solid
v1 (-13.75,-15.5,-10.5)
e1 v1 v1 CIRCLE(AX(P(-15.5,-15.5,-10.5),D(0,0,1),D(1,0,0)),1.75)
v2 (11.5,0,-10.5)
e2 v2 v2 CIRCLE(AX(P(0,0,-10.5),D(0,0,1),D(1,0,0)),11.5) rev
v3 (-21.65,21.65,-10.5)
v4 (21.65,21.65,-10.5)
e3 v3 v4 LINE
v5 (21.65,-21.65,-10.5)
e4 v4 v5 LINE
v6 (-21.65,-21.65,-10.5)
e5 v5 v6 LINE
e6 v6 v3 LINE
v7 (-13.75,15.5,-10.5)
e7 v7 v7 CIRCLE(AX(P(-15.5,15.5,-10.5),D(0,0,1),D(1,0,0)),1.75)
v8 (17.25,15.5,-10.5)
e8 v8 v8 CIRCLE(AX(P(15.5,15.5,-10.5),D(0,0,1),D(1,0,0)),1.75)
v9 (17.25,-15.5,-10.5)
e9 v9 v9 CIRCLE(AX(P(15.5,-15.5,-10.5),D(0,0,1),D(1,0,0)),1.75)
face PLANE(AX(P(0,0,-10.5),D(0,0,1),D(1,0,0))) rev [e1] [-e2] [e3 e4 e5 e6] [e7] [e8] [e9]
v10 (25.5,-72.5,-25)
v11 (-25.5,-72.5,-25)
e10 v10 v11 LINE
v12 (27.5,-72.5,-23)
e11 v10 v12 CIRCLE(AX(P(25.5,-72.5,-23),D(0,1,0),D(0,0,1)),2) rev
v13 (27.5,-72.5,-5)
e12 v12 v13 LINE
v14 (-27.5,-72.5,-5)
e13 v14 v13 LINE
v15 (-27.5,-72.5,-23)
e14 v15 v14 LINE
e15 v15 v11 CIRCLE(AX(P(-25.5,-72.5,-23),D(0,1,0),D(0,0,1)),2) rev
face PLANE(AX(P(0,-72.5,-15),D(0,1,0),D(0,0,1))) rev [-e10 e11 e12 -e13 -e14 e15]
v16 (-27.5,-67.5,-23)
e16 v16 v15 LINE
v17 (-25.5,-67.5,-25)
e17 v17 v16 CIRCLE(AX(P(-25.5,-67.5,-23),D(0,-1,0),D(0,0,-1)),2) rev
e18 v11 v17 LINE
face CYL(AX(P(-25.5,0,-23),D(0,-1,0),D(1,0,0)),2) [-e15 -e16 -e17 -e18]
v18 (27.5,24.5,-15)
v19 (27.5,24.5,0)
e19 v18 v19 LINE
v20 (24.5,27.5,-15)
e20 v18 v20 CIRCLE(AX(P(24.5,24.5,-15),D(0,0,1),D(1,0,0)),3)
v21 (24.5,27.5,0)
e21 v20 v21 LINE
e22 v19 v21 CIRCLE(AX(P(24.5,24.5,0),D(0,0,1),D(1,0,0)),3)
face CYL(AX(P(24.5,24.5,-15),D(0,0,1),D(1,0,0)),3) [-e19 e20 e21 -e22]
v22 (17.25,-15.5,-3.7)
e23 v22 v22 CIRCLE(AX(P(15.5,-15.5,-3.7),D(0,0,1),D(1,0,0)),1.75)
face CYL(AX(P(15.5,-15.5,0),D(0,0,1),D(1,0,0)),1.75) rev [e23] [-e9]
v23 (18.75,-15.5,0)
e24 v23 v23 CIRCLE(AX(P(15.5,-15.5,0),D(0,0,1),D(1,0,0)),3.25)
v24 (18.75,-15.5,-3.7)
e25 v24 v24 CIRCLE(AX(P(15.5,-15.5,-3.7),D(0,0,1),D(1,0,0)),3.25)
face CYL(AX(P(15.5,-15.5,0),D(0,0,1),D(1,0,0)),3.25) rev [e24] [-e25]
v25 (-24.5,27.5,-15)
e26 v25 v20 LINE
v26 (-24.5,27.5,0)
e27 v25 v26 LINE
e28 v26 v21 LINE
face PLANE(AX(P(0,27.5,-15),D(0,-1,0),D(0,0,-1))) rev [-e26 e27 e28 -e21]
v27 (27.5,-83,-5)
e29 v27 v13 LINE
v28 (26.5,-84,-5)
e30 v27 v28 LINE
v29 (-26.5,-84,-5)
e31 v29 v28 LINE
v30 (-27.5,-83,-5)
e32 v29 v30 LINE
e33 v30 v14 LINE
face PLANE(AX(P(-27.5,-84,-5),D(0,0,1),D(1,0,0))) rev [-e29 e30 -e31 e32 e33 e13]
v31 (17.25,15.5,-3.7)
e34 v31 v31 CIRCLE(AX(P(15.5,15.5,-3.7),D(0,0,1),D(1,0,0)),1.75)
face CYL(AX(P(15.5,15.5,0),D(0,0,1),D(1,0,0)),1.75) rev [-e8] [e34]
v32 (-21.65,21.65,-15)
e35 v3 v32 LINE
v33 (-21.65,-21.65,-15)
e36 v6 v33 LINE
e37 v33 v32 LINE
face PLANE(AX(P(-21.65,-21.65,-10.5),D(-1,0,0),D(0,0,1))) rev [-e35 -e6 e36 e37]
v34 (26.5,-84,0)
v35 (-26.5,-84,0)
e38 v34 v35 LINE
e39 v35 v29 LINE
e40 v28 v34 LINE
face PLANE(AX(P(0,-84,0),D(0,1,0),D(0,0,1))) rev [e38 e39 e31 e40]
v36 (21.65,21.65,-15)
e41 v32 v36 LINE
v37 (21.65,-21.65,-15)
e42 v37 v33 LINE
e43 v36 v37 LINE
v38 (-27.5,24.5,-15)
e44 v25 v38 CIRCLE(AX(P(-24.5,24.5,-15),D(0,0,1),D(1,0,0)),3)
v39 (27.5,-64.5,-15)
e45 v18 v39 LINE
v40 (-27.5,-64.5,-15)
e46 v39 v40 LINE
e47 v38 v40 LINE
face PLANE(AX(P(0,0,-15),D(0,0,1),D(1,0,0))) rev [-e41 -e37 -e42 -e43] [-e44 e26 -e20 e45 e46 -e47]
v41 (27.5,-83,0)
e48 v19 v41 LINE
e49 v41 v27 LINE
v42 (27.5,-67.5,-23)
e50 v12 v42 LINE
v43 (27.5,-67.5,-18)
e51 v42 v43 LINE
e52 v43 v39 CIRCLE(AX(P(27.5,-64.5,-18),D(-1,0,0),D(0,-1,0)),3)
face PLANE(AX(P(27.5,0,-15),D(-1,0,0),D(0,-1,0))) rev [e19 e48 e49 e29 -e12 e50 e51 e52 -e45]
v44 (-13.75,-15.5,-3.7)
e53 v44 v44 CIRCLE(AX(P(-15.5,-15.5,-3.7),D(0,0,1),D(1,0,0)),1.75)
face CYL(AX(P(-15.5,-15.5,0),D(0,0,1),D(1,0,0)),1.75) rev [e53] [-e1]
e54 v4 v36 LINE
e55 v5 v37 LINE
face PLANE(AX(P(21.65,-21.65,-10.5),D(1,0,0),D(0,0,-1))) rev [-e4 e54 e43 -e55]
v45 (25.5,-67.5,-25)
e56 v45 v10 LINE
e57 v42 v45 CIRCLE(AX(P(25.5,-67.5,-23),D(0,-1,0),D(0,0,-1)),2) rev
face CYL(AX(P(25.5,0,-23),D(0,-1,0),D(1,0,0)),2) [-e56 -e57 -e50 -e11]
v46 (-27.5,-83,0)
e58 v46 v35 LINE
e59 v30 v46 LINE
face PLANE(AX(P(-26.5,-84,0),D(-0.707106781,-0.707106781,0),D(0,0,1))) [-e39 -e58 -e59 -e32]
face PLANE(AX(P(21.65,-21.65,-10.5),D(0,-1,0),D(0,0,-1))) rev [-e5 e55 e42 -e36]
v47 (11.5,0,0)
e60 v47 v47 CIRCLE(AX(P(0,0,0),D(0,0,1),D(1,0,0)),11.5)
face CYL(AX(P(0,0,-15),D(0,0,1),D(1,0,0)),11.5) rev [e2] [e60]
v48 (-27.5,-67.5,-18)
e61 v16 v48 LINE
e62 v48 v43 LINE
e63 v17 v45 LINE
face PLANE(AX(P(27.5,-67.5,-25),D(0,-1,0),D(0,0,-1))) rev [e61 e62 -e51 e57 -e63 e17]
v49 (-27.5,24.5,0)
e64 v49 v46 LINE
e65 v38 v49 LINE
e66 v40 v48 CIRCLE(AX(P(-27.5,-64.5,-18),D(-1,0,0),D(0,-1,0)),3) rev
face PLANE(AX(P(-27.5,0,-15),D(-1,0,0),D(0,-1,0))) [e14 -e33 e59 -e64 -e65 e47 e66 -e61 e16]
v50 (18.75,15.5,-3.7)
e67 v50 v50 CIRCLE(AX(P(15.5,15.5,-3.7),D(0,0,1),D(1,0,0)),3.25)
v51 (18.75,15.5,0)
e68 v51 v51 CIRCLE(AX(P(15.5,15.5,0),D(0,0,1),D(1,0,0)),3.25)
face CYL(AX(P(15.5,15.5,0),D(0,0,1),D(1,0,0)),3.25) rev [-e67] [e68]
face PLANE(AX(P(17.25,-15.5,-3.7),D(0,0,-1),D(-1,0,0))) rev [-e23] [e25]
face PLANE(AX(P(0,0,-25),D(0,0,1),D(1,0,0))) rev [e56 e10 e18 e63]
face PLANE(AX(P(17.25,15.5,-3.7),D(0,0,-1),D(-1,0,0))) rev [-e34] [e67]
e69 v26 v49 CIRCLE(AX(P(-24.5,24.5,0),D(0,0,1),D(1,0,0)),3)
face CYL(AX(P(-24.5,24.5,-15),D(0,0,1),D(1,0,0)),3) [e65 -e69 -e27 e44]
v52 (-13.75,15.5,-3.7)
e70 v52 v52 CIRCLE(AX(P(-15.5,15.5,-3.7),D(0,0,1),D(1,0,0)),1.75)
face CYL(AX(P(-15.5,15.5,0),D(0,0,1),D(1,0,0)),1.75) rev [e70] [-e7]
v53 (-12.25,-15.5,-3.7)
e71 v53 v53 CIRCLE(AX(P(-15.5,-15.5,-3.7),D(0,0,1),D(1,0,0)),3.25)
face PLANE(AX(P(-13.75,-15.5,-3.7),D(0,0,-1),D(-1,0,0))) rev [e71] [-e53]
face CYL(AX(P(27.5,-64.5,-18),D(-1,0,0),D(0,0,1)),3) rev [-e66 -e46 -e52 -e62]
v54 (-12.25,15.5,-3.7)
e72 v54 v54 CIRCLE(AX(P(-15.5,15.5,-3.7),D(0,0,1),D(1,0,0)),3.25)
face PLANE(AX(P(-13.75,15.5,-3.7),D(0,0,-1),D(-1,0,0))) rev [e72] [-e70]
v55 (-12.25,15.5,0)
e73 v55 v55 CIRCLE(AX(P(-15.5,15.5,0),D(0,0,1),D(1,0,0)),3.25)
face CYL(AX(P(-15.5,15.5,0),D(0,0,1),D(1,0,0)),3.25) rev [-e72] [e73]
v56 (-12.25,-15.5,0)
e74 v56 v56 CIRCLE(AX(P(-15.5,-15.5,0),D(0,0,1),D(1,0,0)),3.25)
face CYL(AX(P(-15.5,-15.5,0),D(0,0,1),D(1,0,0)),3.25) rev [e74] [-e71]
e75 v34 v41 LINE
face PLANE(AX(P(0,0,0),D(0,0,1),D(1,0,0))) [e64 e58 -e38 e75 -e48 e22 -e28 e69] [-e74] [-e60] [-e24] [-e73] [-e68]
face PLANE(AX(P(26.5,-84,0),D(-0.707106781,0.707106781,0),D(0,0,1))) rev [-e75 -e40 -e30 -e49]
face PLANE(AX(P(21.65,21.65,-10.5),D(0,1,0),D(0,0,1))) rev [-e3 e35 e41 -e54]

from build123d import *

# Parameters (mm, degrees)
SKICA2_R                                         = 11.5
P_IDAT_VYSUNUT_M1_DEPTH                          = 15
SKICA5_W                                         = 55
SKICA5_H                                         = 5
P_IDAT_VYSUNUT_M4_DEPTH                          = 11.5
ZKOSEN_1_SIZE                                    = 1
SKICA6_W                                         = 43.3
SKICA6_H                                         = 43.3
ODEBRAT_VYSUNUT_M1_DEPTH                         = 4.5
V_LCOV_ZAHLOUBEN_PRO_M3_ROUBY_S_VNIT_D           = 3.5
V_LCOV_ZAHLOUBEN_PRO_M3_ROUBY_S_VNIT_CBORE_D     = 6.5
V_LCOV_ZAHLOUBEN_PRO_M3_ROUBY_S_VNIT_CBORE_DEPTH = 3.7
SKICA10_W                                        = 55
SKICA10_H                                        = 5
P_IDAT_VYSUNUT_M5_DEPTH                          = 10
ZAOBLIT1_R                                       = 2
ZAOBLIT2_R                                       = 3


with BuildPart() as part:
    # Skica2 → Přidat vysunutím1 (new body)
    with BuildSketch(Plane.XY):
        with BuildLine():
            Line((-27.5, 24.5), (-27.5, -72.5))
            Line((-27.5, -72.5), (27.5, -72.5))
            Line((27.5, -72.5), (27.5, 24.5))
            ThreePointArc((27.5, 24.5), (26.621320344, 26.621320344), (24.5, 27.5))
            Line((24.5, 27.5), (-24.5, 27.5))
            ThreePointArc((-24.5, 27.5), (-26.621320344, 26.621320344), (-27.5, 24.5))
        make_face()
        Circle(SKICA2_R, mode=Mode.SUBTRACT)
    extrude(amount=-P_IDAT_VYSUNUT_M1_DEPTH)

    # Skica5 → Přidat vysunutím4 (add)
    with BuildSketch(Plane.XZ.offset(72.5)):
        with Locations((0, -2.5)):
            Rectangle(SKICA5_W, SKICA5_H)
    extrude(amount=P_IDAT_VYSUNUT_M4_DEPTH)

    # Zkosení1
    zkosen_1_edges = [part.edges().sort_by_distance(p)[0] for p in [
        (-27.5, -84, -2.5),
        (27.5, -84, -2.5),
    ]]
    chamfer(zkosen_1_edges, length=ZKOSEN_1_SIZE)

    # Skica6 → Odebrat vysunutím1 (cut)
    with BuildSketch(Plane(origin=(0, 0, -15), x_dir=(-1, 0, 0), z_dir=(0, 0, -1))):
        Rectangle(SKICA6_W, SKICA6_H)
    extrude(amount=-ODEBRAT_VYSUNUT_M1_DEPTH, mode=Mode.SUBTRACT)

    # Válcové zahloubení pro M3 šrouby s vnitřním šestihranem1 (through all)
    with Locations(Plane.XY):
        with Locations((15.5, 15.5), (-15.5, -15.5), (-15.5, 15.5), (15.5, -15.5)):
            CounterBoreHole(V_LCOV_ZAHLOUBEN_PRO_M3_ROUBY_S_VNIT_D / 2, V_LCOV_ZAHLOUBEN_PRO_M3_ROUBY_S_VNIT_CBORE_D / 2, V_LCOV_ZAHLOUBEN_PRO_M3_ROUBY_S_VNIT_CBORE_DEPTH)

    # Skica10 → Přidat vysunutím5 (add)
    with BuildSketch(Plane(origin=(0, 0, -15), x_dir=(-1, 0, 0), z_dir=(0, 0, -1))):
        with Locations((0, -70)):
            Rectangle(SKICA10_W, SKICA10_H)
    extrude(amount=P_IDAT_VYSUNUT_M5_DEPTH)

    # Zaoblit1
    zaoblit1_edges = [part.edges().sort_by_distance(p)[0] for p in [
        (27.5, -70, -25),
        (-27.5, -70, -25),
    ]]
    fillet(zaoblit1_edges, radius=ZAOBLIT1_R)

    # Zaoblit2
    zaoblit2_edges = [part.edges().sort_by_distance(p)[0] for p in [
        (0, -67.5, -15),
    ]]
    fillet(zaoblit2_edges, radius=ZAOBLIT2_R)


solid = part.part
